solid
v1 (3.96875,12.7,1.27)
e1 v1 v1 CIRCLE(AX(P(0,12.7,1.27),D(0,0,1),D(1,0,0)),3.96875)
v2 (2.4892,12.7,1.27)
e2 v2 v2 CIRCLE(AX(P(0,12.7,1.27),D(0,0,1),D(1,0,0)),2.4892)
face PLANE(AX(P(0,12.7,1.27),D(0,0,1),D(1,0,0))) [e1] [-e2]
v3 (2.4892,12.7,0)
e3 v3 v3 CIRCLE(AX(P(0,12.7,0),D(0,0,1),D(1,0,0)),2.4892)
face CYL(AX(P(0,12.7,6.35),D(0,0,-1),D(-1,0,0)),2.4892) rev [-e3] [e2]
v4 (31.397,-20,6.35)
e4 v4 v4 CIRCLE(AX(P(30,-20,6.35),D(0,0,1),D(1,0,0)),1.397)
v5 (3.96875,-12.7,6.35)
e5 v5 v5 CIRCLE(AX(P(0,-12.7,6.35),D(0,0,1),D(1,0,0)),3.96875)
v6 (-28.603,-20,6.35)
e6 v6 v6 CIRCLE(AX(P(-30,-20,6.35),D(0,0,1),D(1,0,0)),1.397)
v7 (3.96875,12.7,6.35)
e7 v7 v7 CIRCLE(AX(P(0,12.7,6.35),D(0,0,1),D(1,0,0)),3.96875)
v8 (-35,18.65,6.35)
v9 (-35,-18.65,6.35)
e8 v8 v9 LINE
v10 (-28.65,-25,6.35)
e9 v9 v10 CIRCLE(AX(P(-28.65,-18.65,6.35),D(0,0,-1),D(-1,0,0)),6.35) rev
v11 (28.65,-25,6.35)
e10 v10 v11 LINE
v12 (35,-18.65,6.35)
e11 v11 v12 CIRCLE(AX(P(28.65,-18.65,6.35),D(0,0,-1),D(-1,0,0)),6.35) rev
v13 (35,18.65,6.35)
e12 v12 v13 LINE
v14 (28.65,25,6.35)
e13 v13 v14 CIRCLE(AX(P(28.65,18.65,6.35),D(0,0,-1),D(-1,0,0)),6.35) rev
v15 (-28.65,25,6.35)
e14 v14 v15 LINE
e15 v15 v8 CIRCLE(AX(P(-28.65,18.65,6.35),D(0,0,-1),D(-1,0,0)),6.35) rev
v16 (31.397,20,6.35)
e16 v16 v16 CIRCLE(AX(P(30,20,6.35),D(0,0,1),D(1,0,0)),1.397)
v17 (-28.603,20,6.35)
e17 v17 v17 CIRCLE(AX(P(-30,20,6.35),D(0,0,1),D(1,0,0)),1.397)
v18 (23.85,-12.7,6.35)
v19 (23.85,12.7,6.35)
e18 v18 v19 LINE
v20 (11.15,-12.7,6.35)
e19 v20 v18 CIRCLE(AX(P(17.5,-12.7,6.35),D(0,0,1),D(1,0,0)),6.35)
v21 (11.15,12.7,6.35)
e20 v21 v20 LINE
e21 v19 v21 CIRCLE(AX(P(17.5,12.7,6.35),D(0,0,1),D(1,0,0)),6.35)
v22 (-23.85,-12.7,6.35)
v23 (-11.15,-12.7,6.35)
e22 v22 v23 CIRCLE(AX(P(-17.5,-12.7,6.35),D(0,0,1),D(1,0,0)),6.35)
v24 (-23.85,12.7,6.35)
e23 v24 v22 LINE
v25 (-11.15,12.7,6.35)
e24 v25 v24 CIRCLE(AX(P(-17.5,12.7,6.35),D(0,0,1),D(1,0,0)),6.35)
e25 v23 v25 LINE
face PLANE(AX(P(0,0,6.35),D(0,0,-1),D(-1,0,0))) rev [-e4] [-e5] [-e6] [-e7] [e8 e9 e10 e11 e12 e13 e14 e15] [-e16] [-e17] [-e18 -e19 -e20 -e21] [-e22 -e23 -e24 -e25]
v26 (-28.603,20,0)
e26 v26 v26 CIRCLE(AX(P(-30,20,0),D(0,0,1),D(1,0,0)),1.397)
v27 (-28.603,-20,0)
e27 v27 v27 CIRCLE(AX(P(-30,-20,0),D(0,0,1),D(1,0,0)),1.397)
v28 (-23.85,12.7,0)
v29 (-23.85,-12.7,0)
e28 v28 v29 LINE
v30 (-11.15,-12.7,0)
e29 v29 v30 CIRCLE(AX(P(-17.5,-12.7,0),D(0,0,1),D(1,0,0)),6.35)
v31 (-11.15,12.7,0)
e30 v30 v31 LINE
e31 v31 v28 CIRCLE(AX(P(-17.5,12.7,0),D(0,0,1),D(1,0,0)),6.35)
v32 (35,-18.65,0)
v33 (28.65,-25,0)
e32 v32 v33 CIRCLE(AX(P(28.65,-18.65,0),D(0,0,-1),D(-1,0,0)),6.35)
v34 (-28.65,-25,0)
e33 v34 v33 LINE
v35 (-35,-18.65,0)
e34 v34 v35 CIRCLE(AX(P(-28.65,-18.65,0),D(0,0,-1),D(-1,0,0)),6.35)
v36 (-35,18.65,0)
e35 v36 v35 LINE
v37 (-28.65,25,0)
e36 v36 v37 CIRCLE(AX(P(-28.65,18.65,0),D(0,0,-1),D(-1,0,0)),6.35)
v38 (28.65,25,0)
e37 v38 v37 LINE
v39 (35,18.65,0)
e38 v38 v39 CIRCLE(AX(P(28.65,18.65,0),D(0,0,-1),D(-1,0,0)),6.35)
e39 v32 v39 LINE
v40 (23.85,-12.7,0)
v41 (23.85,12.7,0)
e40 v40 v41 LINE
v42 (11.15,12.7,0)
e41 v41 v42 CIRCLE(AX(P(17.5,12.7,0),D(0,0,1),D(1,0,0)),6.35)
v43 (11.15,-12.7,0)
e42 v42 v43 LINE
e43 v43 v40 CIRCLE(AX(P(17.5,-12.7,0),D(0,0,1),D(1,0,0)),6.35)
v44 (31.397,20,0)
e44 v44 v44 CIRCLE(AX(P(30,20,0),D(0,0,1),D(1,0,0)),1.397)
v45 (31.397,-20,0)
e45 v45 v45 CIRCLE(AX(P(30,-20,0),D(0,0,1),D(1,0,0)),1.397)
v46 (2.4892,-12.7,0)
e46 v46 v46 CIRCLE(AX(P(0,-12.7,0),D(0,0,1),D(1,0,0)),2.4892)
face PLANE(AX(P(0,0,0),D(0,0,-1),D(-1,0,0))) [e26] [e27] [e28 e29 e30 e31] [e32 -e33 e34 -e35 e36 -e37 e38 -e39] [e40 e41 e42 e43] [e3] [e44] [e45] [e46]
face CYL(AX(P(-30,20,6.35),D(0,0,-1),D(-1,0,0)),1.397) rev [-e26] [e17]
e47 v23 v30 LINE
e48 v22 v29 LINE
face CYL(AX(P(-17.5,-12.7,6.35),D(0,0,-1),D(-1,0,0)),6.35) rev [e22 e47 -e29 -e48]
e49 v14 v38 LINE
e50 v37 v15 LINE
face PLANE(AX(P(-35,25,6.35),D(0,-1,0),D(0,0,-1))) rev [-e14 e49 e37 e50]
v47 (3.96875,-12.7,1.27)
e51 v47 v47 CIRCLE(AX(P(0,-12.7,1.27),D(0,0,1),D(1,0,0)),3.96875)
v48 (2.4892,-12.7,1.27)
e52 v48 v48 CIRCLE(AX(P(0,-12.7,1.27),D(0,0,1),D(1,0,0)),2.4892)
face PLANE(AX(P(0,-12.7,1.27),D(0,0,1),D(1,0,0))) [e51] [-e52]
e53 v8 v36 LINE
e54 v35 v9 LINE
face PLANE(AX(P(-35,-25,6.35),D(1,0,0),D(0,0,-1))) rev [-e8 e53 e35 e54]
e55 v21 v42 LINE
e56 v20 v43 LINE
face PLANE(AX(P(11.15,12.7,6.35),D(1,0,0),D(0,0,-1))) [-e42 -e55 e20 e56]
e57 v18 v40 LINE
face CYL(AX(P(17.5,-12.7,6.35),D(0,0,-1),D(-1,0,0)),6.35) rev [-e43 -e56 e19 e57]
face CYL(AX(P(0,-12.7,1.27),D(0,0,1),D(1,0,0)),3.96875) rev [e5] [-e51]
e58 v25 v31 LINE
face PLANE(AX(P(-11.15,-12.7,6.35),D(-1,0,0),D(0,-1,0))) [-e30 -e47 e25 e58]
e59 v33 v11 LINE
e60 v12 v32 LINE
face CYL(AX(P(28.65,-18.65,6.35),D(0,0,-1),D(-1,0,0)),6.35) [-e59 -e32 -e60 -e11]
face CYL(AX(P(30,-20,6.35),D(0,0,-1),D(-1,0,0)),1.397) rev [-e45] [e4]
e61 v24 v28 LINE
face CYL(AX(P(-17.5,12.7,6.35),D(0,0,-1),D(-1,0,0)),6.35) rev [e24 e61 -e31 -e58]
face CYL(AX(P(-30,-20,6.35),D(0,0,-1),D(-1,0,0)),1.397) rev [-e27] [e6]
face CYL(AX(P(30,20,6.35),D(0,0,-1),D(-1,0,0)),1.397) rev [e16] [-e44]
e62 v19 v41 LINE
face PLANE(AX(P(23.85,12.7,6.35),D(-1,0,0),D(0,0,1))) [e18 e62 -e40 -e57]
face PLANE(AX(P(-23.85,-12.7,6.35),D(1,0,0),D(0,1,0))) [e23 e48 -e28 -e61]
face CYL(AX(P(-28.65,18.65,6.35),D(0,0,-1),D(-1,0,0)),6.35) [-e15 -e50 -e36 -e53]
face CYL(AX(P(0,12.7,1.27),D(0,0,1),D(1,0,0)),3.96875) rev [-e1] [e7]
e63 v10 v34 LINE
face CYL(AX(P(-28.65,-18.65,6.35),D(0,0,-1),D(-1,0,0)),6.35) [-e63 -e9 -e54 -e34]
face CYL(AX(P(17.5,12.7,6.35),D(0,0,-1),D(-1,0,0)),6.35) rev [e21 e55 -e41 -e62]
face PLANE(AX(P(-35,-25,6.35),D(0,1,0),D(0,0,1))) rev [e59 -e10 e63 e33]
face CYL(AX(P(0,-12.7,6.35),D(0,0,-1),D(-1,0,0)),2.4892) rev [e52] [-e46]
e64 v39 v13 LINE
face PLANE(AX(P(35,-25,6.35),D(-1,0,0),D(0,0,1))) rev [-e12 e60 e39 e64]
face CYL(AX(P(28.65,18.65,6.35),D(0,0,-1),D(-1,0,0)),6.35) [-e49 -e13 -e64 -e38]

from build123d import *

# Parameters (mm, degrees)
SKETCH1_W           = 70
SKETCH1_H           = 50
SKETCH1_R           = 1.397
SKETCH1_R_2         = 2.4892
BOSS_EXTRUDE1_DEPTH = 6.35
FILLET1_R           = 6.35
SKETCH3_R           = 3.96875
CUT_EXTRUDE1_DEPTH  = 5.08


with BuildPart() as part:
    # Sketch1 → Boss-Extrude1 (new body)
    with BuildSketch(Plane.XY):
        Rectangle(SKETCH1_W, SKETCH1_H)
        with Locations((30, 20)):
            Circle(SKETCH1_R, mode=Mode.SUBTRACT)
        with Locations((30, -20)):
            Circle(SKETCH1_R, mode=Mode.SUBTRACT)
        with Locations((-30, -20)):
            Circle(SKETCH1_R, mode=Mode.SUBTRACT)
        with Locations((-30, 20)):
            Circle(SKETCH1_R, mode=Mode.SUBTRACT)
        with Locations((0, 12.7)):
            Circle(SKETCH1_R_2, mode=Mode.SUBTRACT)
        with Locations((0, -12.7)):
            Circle(SKETCH1_R_2, mode=Mode.SUBTRACT)
        with BuildLine():
            Line((-23.85, -12.7), (-23.85, 12.7))
            ThreePointArc((-23.85, 12.7), (-17.5, 19.05), (-11.15, 12.7))
            Line((-11.15, 12.7), (-11.15, -12.7))
            ThreePointArc((-11.15, -12.7), (-17.5, -19.05), (-23.85, -12.7))
        make_face(mode=Mode.SUBTRACT)
        with BuildLine():
            Line((23.85, 12.7), (23.85, -12.7))
            ThreePointArc((23.85, -12.7), (17.5, -19.05), (11.15, -12.7))
            Line((11.15, -12.7), (11.15, 12.7))
            ThreePointArc((11.15, 12.7), (17.5, 19.05), (23.85, 12.7))
        make_face(mode=Mode.SUBTRACT)
    extrude(amount=BOSS_EXTRUDE1_DEPTH)

    # Fillet1
    fillet1_edges = [part.edges().sort_by_distance(p)[0] for p in [
        (-35, 25, 3.175),
        (35, 25, 3.175),
        (35, -25, 3.175),
        (-35, -25, 3.175),
    ]]
    fillet(fillet1_edges, radius=FILLET1_R)

    # Sketch3 → Cut-Extrude1 (cut)
    with BuildSketch(Plane.XY.offset(6.35)):
        with Locations((0, 12.7)):
            Circle(SKETCH3_R)
        with Locations((0, -12.7)):
            Circle(SKETCH3_R)
    extrude(amount=-CUT_EXTRUDE1_DEPTH, mode=Mode.SUBTRACT)


solid = part.part
